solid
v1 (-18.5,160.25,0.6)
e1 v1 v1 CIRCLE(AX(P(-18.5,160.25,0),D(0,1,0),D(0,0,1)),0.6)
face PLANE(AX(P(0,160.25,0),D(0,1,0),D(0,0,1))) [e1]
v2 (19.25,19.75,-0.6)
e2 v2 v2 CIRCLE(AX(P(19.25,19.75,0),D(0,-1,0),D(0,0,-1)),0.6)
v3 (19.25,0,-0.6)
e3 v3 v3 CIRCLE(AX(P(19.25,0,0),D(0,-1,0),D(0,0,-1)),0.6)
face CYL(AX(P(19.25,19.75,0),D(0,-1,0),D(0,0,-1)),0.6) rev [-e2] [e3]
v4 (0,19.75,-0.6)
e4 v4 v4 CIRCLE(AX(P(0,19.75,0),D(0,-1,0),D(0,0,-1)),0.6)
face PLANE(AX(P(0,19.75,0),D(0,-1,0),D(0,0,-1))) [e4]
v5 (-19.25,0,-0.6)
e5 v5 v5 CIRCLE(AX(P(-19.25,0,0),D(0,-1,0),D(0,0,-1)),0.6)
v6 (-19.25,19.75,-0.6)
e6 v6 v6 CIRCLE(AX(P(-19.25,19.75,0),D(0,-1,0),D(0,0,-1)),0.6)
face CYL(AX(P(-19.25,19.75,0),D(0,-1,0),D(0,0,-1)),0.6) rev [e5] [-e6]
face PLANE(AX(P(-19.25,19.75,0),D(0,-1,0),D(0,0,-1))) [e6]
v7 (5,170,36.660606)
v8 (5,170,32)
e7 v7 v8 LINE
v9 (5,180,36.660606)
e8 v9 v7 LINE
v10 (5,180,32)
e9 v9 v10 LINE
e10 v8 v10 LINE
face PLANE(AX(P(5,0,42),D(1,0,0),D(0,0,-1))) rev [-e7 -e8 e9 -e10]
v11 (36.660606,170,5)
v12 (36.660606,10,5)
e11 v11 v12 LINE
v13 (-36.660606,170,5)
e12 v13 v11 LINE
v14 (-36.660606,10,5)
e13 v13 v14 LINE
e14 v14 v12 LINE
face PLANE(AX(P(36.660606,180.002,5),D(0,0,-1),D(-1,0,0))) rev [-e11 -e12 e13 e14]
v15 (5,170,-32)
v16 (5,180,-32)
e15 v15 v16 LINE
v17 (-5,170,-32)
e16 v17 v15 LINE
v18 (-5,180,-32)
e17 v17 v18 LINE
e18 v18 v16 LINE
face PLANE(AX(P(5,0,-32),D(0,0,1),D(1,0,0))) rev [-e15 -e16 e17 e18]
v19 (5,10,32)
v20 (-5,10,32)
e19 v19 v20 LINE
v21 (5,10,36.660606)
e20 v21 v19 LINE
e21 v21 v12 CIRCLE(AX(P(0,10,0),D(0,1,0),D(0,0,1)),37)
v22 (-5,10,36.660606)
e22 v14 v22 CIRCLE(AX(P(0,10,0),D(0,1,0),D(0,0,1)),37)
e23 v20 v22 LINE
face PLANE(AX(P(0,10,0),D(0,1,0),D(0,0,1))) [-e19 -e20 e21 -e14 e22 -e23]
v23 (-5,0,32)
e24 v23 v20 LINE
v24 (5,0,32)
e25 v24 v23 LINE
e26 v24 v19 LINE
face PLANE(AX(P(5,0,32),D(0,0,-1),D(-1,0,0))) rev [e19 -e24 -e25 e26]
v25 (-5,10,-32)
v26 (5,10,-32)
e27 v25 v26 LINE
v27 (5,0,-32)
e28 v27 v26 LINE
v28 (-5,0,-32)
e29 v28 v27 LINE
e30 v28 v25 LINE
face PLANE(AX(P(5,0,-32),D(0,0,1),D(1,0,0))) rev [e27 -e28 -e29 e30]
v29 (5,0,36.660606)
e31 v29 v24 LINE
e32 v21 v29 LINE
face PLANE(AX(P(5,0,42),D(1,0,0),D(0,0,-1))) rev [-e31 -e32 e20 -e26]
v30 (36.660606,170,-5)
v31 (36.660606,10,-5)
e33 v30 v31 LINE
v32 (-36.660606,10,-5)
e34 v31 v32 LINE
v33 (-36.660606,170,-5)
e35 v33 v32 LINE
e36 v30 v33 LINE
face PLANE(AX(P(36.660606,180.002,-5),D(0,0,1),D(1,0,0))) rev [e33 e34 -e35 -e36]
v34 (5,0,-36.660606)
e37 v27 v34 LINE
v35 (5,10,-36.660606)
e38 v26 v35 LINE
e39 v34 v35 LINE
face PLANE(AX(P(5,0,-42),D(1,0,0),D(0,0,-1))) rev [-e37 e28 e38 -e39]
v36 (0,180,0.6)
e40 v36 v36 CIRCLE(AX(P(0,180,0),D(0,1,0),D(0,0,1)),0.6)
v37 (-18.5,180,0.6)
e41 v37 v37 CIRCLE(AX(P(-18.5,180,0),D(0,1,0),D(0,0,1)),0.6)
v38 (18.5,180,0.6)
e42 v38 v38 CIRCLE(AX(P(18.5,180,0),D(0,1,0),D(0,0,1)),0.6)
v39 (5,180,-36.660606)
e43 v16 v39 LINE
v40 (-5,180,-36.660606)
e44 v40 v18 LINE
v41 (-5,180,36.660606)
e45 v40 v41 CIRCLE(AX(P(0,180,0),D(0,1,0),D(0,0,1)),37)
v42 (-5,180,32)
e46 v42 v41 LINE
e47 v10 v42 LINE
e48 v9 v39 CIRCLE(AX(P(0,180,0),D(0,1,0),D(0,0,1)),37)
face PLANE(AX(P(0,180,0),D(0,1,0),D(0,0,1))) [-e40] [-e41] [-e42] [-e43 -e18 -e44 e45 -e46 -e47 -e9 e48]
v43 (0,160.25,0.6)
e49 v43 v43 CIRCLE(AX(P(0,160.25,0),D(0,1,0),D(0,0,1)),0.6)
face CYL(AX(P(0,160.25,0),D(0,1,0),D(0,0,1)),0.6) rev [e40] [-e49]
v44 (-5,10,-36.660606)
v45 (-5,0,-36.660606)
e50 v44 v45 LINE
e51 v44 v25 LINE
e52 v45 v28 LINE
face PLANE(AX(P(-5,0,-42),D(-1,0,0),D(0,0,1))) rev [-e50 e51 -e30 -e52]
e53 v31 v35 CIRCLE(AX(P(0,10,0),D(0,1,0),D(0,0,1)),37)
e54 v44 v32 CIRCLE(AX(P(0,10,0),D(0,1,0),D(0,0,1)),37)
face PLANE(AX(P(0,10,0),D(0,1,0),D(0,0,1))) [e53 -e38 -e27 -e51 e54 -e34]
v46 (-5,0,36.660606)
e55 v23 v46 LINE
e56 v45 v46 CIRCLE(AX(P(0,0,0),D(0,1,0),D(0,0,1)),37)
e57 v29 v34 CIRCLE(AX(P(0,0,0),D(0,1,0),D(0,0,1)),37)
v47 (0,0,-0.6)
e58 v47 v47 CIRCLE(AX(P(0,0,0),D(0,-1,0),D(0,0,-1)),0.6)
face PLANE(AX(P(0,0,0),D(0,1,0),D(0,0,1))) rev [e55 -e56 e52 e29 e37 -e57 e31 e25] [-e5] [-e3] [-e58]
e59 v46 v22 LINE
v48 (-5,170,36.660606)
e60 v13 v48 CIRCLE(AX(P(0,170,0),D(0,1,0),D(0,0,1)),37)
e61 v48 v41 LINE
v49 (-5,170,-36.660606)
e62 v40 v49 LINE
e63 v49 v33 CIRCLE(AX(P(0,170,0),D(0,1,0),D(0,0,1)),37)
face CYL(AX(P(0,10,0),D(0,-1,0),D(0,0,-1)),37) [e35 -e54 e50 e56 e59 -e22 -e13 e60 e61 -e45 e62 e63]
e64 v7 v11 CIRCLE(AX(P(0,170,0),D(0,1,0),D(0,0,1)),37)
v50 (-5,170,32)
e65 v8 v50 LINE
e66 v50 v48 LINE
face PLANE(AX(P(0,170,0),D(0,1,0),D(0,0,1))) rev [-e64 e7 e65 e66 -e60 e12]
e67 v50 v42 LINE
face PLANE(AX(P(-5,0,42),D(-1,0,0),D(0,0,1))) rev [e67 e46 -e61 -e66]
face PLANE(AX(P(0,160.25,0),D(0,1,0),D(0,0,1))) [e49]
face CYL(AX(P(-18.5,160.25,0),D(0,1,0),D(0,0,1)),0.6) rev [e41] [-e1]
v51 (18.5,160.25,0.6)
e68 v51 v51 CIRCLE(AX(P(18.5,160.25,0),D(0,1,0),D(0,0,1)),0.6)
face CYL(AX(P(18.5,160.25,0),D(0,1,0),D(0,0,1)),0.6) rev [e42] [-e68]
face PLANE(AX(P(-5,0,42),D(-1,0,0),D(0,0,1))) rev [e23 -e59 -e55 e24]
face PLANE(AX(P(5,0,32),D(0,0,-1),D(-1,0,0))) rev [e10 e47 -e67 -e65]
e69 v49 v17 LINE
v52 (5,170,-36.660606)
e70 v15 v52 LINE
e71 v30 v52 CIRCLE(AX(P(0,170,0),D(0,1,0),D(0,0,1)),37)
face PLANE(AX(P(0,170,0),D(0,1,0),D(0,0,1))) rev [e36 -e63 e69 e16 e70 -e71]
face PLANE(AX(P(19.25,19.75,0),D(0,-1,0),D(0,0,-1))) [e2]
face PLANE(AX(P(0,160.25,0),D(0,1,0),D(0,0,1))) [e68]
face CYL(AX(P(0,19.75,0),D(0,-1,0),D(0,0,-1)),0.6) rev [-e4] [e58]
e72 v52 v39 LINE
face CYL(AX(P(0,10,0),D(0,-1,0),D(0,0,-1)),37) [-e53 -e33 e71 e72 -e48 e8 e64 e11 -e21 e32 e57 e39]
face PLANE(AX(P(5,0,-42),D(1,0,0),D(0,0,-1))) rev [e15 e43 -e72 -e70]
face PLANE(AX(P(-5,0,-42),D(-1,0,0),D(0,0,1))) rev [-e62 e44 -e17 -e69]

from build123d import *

# Parameters (mm, degrees)
SKETCH1_R           = 37
BOSS_EXTRUDE1_DEPTH = 10
SKETCH2_R           = 37
BOSS_EXTRUDE2_DEPTH = 10
BOSS_EXTRUDE3_REACH = 179.871
SKETCH4_W           = 10
SKETCH4_H           = 10
CUT_EXTRUDE1_DEPTH  = 188.451327016
SKETCH5_R           = 0.6
CUT_EXTRUDE2_DEPTH  = 19.75
SKETCH7_R           = 0.6
CUT_EXTRUDE4_DEPTH  = 19.75


with BuildPart() as part:
    # Sketch1 → Boss-Extrude1 (new body)
    with BuildSketch(Plane(origin=(0, 0, 0), x_dir=(1, 0, 0), z_dir=(0, 1, 0))):
        with Locations(Location((0, 0, 0), (0, 0, 270))):
            Circle(SKETCH1_R)
    extrude(amount=BOSS_EXTRUDE1_DEPTH)


with BuildPart() as body_2:
    # Sketch2 → Boss-Extrude2 (new body)
    with BuildSketch(Plane(origin=(0, 180, 0), x_dir=(1, 0, 0), z_dir=(0, 1, 0))):
        with Locations(Location((0, 0, 0), (0, 0, 270))):
            Circle(SKETCH2_R)
    extrude(amount=-BOSS_EXTRUDE2_DEPTH)

    # Sketch3 → Boss-Extrude3 (add, up to next)
    with BuildSketch(Plane(origin=(0, 10, 0), x_dir=(1, 0, 0), z_dir=(0, 1, 0)), mode=Mode.PRIVATE) as boss_extrude3_sk1:
        with BuildLine():
            Line((36.66060556, 5), (-36.66060556, 5))
            ThreePointArc((-36.66060556, 5), (-37, 0), (-36.66060556, -5))
            Line((-36.66060556, -5), (36.66060556, -5))
            ThreePointArc((36.66060556, -5), (37, 0), (36.66060556, 5))
        make_face()
    boss_extrude3_tool1 = extrude(boss_extrude3_sk1.sketch, amount=BOSS_EXTRUDE3_REACH, mode=Mode.PRIVATE) - body_2.part

    add(part.part)  # Boss-Extrude3 merges part
    add(boss_extrude3_tool1.solids().sort_by_distance((0, 10, 0))[0])

    # Sketch4 → Cut-Extrude1 (cut, through all)
    with BuildSketch(Plane(origin=(0, 180, 0), x_dir=(1, 0, 0), z_dir=(0, 1, 0))):
        with Locations((0, 37)):
            Rectangle(SKETCH4_W, SKETCH4_H)
        with Locations((0, -37)):
            Rectangle(SKETCH4_W, SKETCH4_H)
    extrude(amount=-CUT_EXTRUDE1_DEPTH, mode=Mode.SUBTRACT)

    # Sketch5 → Cut-Extrude2 (cut)
    with BuildSketch(Plane(origin=(0, 180, 0), x_dir=(1, 0, 0), z_dir=(0, 1, 0))):
        with Locations(Location((-18.5, 0, 0), (0, 0, 270))):
            Circle(SKETCH5_R)
        with Locations(Location((0, 0, 0), (0, 0, 270))):
            Circle(SKETCH5_R)
        with Locations(Location((18.5, 0, 0), (0, 0, 270))):
            Circle(SKETCH5_R)
    extrude(amount=-CUT_EXTRUDE2_DEPTH, mode=Mode.SUBTRACT)

    # Sketch7 → Cut-Extrude4 (cut)
    with BuildSketch(Plane.XZ):
        with Locations(Location((-19.25, 0, 0), (0, 0, 270))):
            Circle(SKETCH7_R)
        with Locations(Location((0, 0, 0), (0, 0, 90))):
            Circle(SKETCH7_R)
        with Locations(Location((19.25, 0, 0), (0, 0, 270))):
            Circle(SKETCH7_R)
    extrude(amount=-CUT_EXTRUDE4_DEPTH, mode=Mode.SUBTRACT)


solid = body_2.part
